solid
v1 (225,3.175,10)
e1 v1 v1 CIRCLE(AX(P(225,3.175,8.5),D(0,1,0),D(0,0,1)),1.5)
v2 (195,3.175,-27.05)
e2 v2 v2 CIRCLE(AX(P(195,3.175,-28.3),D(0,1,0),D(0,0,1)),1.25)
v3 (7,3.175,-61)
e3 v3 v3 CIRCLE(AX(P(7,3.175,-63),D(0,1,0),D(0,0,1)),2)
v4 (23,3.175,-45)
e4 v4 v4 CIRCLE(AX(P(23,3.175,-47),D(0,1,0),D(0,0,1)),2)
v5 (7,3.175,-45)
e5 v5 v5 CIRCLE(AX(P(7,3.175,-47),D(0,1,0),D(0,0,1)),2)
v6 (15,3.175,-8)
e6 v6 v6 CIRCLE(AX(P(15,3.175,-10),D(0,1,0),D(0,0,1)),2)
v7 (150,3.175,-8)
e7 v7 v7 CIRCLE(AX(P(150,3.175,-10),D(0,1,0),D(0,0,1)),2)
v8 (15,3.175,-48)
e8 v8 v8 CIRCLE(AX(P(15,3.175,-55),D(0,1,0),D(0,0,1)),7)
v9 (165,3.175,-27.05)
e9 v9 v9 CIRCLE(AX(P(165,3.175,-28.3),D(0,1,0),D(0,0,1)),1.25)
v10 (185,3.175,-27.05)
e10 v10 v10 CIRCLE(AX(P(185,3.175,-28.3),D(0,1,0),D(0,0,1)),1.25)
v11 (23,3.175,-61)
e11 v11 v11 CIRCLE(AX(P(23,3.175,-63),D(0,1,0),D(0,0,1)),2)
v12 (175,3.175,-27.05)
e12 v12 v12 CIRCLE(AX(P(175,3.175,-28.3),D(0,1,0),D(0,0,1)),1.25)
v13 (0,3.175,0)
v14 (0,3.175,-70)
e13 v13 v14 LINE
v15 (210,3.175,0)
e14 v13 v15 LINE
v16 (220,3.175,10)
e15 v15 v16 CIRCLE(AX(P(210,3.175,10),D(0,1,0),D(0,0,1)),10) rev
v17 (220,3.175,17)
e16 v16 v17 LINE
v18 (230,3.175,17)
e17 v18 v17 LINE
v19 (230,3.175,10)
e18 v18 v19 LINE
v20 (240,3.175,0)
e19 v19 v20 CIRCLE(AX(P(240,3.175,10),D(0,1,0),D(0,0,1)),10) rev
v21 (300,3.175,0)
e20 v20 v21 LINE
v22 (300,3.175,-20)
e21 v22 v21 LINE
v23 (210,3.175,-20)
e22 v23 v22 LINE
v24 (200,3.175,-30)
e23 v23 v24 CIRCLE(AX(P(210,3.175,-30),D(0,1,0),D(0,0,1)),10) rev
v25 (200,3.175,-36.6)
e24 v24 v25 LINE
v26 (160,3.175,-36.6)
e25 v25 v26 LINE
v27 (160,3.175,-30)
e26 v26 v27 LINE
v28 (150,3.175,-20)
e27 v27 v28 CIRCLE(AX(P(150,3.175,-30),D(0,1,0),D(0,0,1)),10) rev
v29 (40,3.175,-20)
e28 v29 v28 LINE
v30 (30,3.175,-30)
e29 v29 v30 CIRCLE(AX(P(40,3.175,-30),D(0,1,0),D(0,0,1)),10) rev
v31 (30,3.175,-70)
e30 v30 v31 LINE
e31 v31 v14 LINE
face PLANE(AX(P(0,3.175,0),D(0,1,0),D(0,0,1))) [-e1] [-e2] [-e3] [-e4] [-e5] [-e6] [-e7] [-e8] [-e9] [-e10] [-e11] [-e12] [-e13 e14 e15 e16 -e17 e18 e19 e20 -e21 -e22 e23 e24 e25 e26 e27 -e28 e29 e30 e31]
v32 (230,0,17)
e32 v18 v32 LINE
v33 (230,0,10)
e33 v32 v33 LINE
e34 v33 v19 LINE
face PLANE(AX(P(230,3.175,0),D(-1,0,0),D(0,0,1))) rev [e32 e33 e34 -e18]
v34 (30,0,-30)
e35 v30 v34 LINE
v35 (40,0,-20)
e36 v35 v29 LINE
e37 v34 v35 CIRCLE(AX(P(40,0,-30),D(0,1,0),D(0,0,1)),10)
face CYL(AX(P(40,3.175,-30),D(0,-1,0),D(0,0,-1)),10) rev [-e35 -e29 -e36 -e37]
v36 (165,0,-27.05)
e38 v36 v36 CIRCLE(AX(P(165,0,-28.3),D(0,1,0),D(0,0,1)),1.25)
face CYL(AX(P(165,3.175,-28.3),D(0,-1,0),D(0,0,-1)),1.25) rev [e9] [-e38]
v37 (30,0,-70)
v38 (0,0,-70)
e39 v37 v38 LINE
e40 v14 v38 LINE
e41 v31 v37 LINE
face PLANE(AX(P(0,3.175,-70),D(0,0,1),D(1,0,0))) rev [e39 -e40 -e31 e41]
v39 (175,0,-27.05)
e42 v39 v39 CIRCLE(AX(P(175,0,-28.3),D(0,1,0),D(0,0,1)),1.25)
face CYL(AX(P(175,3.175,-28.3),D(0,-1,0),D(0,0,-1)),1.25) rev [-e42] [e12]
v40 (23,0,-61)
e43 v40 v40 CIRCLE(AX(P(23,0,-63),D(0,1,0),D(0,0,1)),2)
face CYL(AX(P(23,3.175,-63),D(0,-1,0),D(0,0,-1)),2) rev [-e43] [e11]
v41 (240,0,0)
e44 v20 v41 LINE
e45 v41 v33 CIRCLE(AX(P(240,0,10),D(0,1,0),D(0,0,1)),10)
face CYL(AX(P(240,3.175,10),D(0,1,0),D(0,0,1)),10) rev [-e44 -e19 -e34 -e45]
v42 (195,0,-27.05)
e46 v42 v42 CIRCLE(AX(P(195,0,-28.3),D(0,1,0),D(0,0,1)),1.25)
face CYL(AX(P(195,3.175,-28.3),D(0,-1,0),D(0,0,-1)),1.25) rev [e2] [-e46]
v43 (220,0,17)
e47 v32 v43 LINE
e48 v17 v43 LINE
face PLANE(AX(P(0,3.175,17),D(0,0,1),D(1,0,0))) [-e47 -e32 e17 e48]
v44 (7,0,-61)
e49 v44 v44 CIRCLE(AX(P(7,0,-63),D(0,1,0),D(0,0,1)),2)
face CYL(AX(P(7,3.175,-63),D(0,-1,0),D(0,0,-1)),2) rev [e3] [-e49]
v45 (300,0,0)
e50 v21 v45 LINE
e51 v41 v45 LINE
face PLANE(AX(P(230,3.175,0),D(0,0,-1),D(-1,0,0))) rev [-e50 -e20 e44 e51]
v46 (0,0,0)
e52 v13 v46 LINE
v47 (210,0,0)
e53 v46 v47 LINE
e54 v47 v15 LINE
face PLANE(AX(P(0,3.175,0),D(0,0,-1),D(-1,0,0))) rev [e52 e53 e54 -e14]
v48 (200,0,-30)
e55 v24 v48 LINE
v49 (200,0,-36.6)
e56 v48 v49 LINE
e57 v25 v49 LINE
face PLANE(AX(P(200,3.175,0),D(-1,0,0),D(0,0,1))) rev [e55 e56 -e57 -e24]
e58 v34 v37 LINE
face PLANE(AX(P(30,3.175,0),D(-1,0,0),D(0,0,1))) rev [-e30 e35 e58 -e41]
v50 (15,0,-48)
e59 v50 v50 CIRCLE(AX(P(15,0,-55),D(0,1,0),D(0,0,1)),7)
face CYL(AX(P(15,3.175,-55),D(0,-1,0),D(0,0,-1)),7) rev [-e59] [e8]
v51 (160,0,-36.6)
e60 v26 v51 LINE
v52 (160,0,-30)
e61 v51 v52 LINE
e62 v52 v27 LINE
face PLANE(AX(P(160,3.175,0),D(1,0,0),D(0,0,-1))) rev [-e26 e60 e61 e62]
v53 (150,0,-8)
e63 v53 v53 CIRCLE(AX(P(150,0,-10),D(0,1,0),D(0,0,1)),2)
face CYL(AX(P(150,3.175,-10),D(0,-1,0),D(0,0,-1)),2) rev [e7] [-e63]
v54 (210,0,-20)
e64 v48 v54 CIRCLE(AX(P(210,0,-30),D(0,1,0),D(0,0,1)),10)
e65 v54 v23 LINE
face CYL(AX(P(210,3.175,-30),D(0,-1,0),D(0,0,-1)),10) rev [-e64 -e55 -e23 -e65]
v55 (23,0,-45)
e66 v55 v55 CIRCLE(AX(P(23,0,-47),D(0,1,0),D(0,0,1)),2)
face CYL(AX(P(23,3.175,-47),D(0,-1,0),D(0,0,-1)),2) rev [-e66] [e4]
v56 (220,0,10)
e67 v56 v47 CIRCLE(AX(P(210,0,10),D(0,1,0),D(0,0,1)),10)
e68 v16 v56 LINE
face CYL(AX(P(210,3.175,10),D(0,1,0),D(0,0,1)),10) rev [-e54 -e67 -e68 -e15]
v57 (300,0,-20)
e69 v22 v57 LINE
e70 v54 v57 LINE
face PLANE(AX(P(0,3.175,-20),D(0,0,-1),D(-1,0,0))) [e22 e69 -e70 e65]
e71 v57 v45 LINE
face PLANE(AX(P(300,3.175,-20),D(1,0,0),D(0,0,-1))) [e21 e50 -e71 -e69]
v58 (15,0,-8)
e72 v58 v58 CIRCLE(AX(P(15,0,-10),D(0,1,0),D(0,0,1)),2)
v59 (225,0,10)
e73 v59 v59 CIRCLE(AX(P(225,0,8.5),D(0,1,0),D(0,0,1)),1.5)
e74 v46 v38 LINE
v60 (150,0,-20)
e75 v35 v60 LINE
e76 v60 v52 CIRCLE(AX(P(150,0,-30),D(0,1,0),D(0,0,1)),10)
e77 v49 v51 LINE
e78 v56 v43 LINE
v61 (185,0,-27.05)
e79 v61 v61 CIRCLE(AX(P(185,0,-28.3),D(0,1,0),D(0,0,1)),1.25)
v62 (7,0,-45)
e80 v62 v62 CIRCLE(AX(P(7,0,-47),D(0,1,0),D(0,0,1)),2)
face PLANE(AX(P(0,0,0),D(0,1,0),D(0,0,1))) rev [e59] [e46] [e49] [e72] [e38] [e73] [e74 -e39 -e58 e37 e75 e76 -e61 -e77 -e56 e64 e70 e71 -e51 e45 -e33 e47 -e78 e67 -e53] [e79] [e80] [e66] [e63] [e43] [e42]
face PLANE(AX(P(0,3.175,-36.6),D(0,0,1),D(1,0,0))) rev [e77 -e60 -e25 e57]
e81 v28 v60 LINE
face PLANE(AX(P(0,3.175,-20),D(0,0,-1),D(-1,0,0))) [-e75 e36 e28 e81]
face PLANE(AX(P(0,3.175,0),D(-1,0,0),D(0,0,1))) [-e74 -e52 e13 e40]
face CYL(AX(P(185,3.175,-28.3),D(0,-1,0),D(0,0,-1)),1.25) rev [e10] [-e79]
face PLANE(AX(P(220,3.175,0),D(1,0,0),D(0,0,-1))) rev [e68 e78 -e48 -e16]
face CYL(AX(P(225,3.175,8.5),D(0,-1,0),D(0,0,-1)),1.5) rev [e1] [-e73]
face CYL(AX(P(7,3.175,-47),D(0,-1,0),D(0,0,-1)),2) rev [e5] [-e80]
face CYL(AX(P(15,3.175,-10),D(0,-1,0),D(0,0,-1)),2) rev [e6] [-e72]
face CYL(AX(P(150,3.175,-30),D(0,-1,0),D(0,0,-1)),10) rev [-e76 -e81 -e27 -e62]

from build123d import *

# Parameters (mm, degrees)
SKETCH1_R           = 1.5
SKETCH1_R_2         = 2
SKETCH1_R_3         = 1.25
BOSS_EXTRUDE1_DEPTH = 3.175
FILLET1_R           = 10
SKETCH2_W           = 70
SKETCH2_H           = 20
BOSS_EXTRUDE2_DEPTH = 3.175
FILLET2_R           = 10


with BuildPart() as part:
    # Sketch1 → Boss-Extrude1 (new body)
    with BuildSketch(Plane(origin=(0, 0, 0), x_dir=(1, 0, 0), z_dir=(0, 1, 0))):
        Polygon((220, -17), (225, -17), (230, -17), (230, 10), (230, 20), (200, 20), (200, 36.6), (195, 36.6), (160, 36.6), (160, 20), (30, 20), (30, 70), (15, 70), (0, 70), (0, 0), (220, 0), align=None)
        with Locations((225, -8.5)):
            Circle(SKETCH1_R, mode=Mode.SUBTRACT)
        with Locations((15, 10)):
            Circle(SKETCH1_R_2, mode=Mode.SUBTRACT)
        with BuildLine():
            ThreePointArc((148, 10), (150, 12), (152, 10))
            ThreePointArc((152, 10), (150, 8), (148, 10))
        make_face(mode=Mode.SUBTRACT)
        with Locations((7, 47)):
            Circle(SKETCH1_R_2, mode=Mode.SUBTRACT)
        with Locations((23, 47)):
            Circle(SKETCH1_R_2, mode=Mode.SUBTRACT)
        with BuildLine():
            ThreePointArc((10.050252532, 59.949747468), (12.321215973, 61.467156728), (15, 62))
            ThreePointArc((15, 62), (17.678784027, 48.532843272), (10.050252532, 59.949747468))
        make_face(mode=Mode.SUBTRACT)
        with Locations((7, 63)):
            Circle(SKETCH1_R_2, mode=Mode.SUBTRACT)
        with Locations((23, 63)):
            Circle(SKETCH1_R_2, mode=Mode.SUBTRACT)
        with Locations((185, 28.3)):
            Circle(SKETCH1_R_3, mode=Mode.SUBTRACT)
        with Locations((165, 28.3)):
            Circle(SKETCH1_R_3, mode=Mode.SUBTRACT)
        with Locations((175, 28.3)):
            Circle(SKETCH1_R_3, mode=Mode.SUBTRACT)
        with Locations((195, 28.3)):
            Circle(SKETCH1_R_3, mode=Mode.SUBTRACT)
    extrude(amount=BOSS_EXTRUDE1_DEPTH)

    # Fillet1
    fillet1_edges = [part.edges().sort_by_distance(p)[0] for p in [
        (220, 1.5875, 0),
        (200, 1.5875, -20),
        (160, 1.5875, -20),
        (30, 1.5875, -20),
    ]]
    fillet(fillet1_edges, radius=FILLET1_R)

    # Sketch2 → Boss-Extrude2 (add)
    with BuildSketch(Plane(origin=(0, 0, 0), x_dir=(-1, 0, 0), z_dir=(0, -1, 0))):
        with Locations((-265, 10)):
            Rectangle(SKETCH2_W, SKETCH2_H)
    extrude(amount=-BOSS_EXTRUDE2_DEPTH)

    # Fillet2
    fillet2_edges = [part.edges().sort_by_distance(p)[0] for p in [
        (230, 1.5875, 0),
    ]]
    fillet(fillet2_edges, radius=FILLET2_R)


solid = part.part
